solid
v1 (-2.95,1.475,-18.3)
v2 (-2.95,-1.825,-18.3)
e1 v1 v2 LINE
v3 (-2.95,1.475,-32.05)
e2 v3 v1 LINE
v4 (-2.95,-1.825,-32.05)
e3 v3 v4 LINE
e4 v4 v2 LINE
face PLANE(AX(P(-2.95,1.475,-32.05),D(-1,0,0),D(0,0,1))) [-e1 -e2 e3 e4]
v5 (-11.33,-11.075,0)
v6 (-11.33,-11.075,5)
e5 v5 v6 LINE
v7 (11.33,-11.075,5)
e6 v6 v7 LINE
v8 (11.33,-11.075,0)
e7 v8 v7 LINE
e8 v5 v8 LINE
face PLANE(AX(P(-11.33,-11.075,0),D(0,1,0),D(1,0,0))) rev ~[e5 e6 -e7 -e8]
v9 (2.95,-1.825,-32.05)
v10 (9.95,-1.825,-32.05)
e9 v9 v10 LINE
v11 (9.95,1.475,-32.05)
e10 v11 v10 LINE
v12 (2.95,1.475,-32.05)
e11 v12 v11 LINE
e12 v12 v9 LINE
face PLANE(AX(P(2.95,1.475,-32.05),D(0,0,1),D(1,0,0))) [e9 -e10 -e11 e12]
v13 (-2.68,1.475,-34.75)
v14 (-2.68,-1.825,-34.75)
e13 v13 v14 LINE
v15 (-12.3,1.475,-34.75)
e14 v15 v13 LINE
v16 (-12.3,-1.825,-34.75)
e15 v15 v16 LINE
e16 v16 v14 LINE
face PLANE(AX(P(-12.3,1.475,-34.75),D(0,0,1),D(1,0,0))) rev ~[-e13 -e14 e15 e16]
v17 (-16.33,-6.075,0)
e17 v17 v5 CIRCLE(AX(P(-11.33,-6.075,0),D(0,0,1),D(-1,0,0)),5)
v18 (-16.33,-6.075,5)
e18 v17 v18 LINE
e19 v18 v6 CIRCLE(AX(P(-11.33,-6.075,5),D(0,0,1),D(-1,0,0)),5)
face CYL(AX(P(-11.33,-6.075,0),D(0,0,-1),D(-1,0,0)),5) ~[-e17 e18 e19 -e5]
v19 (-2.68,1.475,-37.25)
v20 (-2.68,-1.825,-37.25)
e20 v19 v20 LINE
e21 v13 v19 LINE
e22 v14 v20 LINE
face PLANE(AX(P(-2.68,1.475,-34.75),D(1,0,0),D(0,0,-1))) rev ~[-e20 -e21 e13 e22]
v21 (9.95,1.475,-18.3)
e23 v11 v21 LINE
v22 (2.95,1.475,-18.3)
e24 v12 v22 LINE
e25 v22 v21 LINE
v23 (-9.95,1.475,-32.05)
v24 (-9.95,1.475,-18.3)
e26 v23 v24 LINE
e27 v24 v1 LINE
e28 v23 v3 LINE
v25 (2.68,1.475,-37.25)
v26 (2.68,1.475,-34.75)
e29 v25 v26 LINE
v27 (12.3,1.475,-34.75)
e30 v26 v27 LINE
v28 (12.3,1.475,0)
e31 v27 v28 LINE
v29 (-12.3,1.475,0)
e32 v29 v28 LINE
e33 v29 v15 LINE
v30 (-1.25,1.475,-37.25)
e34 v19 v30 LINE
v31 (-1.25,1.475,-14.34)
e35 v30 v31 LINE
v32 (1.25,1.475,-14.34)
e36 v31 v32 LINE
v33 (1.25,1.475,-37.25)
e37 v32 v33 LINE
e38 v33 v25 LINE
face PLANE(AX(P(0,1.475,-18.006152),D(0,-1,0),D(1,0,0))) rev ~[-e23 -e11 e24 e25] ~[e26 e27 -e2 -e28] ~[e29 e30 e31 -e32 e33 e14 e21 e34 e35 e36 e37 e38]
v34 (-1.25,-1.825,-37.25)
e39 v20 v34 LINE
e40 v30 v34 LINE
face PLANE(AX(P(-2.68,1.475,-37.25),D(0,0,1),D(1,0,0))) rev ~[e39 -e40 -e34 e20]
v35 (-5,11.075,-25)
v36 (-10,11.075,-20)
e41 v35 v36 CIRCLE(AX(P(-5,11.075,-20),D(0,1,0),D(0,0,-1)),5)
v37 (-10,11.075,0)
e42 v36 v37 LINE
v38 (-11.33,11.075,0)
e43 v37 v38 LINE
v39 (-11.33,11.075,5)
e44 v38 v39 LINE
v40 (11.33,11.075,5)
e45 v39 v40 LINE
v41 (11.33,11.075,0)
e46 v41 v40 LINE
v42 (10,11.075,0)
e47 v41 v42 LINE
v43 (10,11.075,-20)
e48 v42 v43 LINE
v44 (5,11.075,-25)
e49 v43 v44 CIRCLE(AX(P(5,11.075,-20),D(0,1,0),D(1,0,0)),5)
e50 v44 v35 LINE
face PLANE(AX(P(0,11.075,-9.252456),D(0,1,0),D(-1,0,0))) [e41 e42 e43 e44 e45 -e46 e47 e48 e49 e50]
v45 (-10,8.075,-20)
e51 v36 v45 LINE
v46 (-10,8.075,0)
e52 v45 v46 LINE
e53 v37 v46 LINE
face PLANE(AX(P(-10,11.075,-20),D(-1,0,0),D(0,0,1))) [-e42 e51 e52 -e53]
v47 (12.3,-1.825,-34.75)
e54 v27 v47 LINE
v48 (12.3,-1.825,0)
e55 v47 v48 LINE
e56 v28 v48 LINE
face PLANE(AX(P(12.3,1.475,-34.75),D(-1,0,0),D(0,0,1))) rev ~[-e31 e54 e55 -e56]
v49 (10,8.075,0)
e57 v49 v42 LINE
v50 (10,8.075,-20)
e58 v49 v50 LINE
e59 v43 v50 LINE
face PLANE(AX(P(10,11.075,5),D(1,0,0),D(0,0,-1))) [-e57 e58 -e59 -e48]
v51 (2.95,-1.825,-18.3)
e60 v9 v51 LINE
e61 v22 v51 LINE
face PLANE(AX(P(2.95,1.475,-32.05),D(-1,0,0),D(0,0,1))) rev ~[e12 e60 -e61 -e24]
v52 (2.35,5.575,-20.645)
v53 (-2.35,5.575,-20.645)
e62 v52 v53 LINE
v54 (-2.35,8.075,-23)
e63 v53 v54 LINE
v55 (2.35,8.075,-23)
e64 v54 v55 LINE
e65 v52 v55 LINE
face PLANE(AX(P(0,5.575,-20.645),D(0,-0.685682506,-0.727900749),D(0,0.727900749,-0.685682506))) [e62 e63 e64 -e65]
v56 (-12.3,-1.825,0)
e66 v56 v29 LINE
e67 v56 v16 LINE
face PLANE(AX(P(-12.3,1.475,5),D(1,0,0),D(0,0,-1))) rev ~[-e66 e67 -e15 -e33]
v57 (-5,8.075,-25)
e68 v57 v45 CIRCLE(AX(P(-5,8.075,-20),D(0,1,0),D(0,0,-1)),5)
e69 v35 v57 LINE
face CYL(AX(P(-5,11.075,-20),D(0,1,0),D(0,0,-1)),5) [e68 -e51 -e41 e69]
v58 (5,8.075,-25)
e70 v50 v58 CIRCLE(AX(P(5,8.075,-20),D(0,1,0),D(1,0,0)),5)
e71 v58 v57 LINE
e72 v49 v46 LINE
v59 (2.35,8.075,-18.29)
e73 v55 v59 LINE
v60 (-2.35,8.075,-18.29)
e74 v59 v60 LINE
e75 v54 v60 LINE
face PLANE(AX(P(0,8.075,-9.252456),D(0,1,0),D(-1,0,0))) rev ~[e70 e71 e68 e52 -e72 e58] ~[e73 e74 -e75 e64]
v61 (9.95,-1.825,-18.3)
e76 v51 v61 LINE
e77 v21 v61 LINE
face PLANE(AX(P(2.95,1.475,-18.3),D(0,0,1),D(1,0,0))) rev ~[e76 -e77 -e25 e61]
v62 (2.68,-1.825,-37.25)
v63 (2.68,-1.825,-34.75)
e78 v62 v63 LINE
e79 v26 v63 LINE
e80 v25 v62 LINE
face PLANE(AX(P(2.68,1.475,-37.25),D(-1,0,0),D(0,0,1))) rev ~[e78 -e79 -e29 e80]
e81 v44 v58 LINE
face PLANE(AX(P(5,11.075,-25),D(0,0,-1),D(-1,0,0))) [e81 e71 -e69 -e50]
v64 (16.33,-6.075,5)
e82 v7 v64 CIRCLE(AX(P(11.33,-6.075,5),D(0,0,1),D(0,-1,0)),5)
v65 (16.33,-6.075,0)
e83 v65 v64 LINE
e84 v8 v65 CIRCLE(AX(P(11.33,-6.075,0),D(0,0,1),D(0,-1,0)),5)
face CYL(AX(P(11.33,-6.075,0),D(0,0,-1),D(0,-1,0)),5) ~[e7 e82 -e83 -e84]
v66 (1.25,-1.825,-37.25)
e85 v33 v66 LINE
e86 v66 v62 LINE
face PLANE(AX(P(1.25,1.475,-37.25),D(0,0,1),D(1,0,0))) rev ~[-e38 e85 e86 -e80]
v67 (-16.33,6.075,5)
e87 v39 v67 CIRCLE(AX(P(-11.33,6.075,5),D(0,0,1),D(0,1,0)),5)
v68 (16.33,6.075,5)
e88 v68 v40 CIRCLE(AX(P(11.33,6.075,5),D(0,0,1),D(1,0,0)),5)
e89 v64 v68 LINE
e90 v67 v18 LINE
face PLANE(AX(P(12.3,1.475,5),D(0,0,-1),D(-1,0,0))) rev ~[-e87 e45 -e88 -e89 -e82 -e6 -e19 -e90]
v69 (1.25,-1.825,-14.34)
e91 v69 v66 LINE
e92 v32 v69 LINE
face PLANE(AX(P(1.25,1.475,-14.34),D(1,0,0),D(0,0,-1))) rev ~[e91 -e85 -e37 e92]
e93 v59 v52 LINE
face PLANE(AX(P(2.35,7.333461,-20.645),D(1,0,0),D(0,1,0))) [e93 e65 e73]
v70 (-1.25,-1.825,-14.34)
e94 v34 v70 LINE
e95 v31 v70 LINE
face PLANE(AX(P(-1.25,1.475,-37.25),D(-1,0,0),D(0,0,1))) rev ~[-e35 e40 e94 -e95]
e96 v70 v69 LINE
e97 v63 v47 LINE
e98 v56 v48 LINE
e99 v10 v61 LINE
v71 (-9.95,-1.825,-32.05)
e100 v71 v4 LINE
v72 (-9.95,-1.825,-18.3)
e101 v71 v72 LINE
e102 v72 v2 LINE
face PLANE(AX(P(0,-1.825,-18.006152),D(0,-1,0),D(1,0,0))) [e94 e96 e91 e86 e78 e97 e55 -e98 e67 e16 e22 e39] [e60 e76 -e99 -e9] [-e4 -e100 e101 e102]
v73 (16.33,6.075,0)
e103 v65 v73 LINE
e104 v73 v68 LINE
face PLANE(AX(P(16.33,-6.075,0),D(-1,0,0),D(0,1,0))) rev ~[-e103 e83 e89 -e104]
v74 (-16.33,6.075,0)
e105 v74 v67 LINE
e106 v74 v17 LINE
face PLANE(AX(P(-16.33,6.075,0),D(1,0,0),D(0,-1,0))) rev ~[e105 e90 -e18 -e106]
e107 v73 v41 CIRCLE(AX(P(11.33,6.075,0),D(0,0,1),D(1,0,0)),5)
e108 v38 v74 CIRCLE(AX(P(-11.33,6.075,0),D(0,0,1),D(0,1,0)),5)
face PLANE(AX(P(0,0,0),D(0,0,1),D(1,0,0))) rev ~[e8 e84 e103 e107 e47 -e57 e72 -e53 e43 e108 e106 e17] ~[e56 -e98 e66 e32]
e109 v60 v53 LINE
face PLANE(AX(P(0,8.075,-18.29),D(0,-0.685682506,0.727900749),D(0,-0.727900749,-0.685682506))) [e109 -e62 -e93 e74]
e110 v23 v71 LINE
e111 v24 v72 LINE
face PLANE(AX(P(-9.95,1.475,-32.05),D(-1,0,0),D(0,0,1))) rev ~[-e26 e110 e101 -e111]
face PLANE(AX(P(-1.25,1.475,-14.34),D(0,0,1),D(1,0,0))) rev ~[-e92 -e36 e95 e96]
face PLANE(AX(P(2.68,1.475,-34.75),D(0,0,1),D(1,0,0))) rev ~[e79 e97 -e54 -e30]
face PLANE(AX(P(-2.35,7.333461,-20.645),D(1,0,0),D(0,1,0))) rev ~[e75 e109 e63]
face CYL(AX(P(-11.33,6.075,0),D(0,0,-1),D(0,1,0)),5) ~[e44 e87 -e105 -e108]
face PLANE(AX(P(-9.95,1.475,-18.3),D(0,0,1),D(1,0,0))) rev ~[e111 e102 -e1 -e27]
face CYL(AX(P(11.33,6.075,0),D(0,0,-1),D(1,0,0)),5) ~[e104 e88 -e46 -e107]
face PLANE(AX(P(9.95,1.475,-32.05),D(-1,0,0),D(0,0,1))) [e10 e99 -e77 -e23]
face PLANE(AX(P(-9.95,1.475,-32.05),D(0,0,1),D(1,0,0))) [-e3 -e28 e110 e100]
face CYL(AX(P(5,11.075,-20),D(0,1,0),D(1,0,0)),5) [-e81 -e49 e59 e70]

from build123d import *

# Parameters (mm, degrees)
F1_DEPTH = 5
F3_DEPTH = 3
F5_DEPTH = 2.35
F7_W     = 7
F7_H     = 13.75
F8_DEPTH = 3.3


with BuildPart() as f1:
    # F0 (on Top) → F1 (new body)
    with BuildSketch(Plane.XY):
        with BuildLine():
            ThreePointArc((16.33, 6.075), (14.8655339059, 9.6105339059), (11.33, 11.075))
            Line((11.33, 11.075), (-11.33, 11.075))
            ThreePointArc((-11.33, 11.075), (-14.8655339059, 9.6105339059), (-16.33, 6.075))
            Line((-16.33, 6.075), (-16.33, -6.075))
            ThreePointArc((-16.33, -6.075), (-14.8655339059, -9.6105339059), (-11.33, -11.075))
            Line((-11.33, -11.075), (11.33, -11.075))
            ThreePointArc((11.33, -11.075), (14.8655339059, -9.6105339059), (16.33, -6.075))
            Line((16.33, -6.075), (16.33, 6.075))
        make_face()
    extrude(amount=F1_DEPTH)

    # F2 (on face) → F3 (join)
    with BuildSketch(Plane(origin=(0, 11.075, 0), x_dir=(-1, 0, 0), z_dir=(0, 1, 0))):
        with BuildLine():
            Line((10, -20), (10, 5))
            Line((10, 5), (-10, 5))
            Line((-10, 5), (-10, -20))
            ThreePointArc((-10, -20), (-8.5355339059, -23.5355339059), (-5, -25))
            Line((-5, -25), (5, -25))
            ThreePointArc((5, -25), (8.5355339059, -23.5355339059), (10, -20))
        make_face()
    extrude(amount=-F3_DEPTH)

    # F4 (on Right) → F5 (join, symmetric)
    with BuildSketch(Plane.YZ):
        Polygon((5.575, -20.645), (8.075, -23), (8.075, -18.29), align=None)
    extrude(amount=F5_DEPTH, both=True)

    # F7 (on offset) → F8 (join)
    with BuildSketch(Plane.XZ.offset(-1.475)):
        Polygon((12.3, 5), (-12.3, 5), (-12.3, -34.75), (-2.68, -34.75), (-2.68, -37.25), (-1.25, -37.25), (-1.25, -14.34), (1.25, -14.34), (1.25, -37.25), (2.68, -37.25), (2.68, -34.75), (12.3, -34.75), align=None)
        with Locations((-6.45, -25.175)):
            Rectangle(F7_W, F7_H, mode=Mode.SUBTRACT)
        with Locations((6.45, -25.175)):
            Rectangle(F7_W, F7_H, mode=Mode.SUBTRACT)
    extrude(amount=F8_DEPTH)


solid = f1.part
